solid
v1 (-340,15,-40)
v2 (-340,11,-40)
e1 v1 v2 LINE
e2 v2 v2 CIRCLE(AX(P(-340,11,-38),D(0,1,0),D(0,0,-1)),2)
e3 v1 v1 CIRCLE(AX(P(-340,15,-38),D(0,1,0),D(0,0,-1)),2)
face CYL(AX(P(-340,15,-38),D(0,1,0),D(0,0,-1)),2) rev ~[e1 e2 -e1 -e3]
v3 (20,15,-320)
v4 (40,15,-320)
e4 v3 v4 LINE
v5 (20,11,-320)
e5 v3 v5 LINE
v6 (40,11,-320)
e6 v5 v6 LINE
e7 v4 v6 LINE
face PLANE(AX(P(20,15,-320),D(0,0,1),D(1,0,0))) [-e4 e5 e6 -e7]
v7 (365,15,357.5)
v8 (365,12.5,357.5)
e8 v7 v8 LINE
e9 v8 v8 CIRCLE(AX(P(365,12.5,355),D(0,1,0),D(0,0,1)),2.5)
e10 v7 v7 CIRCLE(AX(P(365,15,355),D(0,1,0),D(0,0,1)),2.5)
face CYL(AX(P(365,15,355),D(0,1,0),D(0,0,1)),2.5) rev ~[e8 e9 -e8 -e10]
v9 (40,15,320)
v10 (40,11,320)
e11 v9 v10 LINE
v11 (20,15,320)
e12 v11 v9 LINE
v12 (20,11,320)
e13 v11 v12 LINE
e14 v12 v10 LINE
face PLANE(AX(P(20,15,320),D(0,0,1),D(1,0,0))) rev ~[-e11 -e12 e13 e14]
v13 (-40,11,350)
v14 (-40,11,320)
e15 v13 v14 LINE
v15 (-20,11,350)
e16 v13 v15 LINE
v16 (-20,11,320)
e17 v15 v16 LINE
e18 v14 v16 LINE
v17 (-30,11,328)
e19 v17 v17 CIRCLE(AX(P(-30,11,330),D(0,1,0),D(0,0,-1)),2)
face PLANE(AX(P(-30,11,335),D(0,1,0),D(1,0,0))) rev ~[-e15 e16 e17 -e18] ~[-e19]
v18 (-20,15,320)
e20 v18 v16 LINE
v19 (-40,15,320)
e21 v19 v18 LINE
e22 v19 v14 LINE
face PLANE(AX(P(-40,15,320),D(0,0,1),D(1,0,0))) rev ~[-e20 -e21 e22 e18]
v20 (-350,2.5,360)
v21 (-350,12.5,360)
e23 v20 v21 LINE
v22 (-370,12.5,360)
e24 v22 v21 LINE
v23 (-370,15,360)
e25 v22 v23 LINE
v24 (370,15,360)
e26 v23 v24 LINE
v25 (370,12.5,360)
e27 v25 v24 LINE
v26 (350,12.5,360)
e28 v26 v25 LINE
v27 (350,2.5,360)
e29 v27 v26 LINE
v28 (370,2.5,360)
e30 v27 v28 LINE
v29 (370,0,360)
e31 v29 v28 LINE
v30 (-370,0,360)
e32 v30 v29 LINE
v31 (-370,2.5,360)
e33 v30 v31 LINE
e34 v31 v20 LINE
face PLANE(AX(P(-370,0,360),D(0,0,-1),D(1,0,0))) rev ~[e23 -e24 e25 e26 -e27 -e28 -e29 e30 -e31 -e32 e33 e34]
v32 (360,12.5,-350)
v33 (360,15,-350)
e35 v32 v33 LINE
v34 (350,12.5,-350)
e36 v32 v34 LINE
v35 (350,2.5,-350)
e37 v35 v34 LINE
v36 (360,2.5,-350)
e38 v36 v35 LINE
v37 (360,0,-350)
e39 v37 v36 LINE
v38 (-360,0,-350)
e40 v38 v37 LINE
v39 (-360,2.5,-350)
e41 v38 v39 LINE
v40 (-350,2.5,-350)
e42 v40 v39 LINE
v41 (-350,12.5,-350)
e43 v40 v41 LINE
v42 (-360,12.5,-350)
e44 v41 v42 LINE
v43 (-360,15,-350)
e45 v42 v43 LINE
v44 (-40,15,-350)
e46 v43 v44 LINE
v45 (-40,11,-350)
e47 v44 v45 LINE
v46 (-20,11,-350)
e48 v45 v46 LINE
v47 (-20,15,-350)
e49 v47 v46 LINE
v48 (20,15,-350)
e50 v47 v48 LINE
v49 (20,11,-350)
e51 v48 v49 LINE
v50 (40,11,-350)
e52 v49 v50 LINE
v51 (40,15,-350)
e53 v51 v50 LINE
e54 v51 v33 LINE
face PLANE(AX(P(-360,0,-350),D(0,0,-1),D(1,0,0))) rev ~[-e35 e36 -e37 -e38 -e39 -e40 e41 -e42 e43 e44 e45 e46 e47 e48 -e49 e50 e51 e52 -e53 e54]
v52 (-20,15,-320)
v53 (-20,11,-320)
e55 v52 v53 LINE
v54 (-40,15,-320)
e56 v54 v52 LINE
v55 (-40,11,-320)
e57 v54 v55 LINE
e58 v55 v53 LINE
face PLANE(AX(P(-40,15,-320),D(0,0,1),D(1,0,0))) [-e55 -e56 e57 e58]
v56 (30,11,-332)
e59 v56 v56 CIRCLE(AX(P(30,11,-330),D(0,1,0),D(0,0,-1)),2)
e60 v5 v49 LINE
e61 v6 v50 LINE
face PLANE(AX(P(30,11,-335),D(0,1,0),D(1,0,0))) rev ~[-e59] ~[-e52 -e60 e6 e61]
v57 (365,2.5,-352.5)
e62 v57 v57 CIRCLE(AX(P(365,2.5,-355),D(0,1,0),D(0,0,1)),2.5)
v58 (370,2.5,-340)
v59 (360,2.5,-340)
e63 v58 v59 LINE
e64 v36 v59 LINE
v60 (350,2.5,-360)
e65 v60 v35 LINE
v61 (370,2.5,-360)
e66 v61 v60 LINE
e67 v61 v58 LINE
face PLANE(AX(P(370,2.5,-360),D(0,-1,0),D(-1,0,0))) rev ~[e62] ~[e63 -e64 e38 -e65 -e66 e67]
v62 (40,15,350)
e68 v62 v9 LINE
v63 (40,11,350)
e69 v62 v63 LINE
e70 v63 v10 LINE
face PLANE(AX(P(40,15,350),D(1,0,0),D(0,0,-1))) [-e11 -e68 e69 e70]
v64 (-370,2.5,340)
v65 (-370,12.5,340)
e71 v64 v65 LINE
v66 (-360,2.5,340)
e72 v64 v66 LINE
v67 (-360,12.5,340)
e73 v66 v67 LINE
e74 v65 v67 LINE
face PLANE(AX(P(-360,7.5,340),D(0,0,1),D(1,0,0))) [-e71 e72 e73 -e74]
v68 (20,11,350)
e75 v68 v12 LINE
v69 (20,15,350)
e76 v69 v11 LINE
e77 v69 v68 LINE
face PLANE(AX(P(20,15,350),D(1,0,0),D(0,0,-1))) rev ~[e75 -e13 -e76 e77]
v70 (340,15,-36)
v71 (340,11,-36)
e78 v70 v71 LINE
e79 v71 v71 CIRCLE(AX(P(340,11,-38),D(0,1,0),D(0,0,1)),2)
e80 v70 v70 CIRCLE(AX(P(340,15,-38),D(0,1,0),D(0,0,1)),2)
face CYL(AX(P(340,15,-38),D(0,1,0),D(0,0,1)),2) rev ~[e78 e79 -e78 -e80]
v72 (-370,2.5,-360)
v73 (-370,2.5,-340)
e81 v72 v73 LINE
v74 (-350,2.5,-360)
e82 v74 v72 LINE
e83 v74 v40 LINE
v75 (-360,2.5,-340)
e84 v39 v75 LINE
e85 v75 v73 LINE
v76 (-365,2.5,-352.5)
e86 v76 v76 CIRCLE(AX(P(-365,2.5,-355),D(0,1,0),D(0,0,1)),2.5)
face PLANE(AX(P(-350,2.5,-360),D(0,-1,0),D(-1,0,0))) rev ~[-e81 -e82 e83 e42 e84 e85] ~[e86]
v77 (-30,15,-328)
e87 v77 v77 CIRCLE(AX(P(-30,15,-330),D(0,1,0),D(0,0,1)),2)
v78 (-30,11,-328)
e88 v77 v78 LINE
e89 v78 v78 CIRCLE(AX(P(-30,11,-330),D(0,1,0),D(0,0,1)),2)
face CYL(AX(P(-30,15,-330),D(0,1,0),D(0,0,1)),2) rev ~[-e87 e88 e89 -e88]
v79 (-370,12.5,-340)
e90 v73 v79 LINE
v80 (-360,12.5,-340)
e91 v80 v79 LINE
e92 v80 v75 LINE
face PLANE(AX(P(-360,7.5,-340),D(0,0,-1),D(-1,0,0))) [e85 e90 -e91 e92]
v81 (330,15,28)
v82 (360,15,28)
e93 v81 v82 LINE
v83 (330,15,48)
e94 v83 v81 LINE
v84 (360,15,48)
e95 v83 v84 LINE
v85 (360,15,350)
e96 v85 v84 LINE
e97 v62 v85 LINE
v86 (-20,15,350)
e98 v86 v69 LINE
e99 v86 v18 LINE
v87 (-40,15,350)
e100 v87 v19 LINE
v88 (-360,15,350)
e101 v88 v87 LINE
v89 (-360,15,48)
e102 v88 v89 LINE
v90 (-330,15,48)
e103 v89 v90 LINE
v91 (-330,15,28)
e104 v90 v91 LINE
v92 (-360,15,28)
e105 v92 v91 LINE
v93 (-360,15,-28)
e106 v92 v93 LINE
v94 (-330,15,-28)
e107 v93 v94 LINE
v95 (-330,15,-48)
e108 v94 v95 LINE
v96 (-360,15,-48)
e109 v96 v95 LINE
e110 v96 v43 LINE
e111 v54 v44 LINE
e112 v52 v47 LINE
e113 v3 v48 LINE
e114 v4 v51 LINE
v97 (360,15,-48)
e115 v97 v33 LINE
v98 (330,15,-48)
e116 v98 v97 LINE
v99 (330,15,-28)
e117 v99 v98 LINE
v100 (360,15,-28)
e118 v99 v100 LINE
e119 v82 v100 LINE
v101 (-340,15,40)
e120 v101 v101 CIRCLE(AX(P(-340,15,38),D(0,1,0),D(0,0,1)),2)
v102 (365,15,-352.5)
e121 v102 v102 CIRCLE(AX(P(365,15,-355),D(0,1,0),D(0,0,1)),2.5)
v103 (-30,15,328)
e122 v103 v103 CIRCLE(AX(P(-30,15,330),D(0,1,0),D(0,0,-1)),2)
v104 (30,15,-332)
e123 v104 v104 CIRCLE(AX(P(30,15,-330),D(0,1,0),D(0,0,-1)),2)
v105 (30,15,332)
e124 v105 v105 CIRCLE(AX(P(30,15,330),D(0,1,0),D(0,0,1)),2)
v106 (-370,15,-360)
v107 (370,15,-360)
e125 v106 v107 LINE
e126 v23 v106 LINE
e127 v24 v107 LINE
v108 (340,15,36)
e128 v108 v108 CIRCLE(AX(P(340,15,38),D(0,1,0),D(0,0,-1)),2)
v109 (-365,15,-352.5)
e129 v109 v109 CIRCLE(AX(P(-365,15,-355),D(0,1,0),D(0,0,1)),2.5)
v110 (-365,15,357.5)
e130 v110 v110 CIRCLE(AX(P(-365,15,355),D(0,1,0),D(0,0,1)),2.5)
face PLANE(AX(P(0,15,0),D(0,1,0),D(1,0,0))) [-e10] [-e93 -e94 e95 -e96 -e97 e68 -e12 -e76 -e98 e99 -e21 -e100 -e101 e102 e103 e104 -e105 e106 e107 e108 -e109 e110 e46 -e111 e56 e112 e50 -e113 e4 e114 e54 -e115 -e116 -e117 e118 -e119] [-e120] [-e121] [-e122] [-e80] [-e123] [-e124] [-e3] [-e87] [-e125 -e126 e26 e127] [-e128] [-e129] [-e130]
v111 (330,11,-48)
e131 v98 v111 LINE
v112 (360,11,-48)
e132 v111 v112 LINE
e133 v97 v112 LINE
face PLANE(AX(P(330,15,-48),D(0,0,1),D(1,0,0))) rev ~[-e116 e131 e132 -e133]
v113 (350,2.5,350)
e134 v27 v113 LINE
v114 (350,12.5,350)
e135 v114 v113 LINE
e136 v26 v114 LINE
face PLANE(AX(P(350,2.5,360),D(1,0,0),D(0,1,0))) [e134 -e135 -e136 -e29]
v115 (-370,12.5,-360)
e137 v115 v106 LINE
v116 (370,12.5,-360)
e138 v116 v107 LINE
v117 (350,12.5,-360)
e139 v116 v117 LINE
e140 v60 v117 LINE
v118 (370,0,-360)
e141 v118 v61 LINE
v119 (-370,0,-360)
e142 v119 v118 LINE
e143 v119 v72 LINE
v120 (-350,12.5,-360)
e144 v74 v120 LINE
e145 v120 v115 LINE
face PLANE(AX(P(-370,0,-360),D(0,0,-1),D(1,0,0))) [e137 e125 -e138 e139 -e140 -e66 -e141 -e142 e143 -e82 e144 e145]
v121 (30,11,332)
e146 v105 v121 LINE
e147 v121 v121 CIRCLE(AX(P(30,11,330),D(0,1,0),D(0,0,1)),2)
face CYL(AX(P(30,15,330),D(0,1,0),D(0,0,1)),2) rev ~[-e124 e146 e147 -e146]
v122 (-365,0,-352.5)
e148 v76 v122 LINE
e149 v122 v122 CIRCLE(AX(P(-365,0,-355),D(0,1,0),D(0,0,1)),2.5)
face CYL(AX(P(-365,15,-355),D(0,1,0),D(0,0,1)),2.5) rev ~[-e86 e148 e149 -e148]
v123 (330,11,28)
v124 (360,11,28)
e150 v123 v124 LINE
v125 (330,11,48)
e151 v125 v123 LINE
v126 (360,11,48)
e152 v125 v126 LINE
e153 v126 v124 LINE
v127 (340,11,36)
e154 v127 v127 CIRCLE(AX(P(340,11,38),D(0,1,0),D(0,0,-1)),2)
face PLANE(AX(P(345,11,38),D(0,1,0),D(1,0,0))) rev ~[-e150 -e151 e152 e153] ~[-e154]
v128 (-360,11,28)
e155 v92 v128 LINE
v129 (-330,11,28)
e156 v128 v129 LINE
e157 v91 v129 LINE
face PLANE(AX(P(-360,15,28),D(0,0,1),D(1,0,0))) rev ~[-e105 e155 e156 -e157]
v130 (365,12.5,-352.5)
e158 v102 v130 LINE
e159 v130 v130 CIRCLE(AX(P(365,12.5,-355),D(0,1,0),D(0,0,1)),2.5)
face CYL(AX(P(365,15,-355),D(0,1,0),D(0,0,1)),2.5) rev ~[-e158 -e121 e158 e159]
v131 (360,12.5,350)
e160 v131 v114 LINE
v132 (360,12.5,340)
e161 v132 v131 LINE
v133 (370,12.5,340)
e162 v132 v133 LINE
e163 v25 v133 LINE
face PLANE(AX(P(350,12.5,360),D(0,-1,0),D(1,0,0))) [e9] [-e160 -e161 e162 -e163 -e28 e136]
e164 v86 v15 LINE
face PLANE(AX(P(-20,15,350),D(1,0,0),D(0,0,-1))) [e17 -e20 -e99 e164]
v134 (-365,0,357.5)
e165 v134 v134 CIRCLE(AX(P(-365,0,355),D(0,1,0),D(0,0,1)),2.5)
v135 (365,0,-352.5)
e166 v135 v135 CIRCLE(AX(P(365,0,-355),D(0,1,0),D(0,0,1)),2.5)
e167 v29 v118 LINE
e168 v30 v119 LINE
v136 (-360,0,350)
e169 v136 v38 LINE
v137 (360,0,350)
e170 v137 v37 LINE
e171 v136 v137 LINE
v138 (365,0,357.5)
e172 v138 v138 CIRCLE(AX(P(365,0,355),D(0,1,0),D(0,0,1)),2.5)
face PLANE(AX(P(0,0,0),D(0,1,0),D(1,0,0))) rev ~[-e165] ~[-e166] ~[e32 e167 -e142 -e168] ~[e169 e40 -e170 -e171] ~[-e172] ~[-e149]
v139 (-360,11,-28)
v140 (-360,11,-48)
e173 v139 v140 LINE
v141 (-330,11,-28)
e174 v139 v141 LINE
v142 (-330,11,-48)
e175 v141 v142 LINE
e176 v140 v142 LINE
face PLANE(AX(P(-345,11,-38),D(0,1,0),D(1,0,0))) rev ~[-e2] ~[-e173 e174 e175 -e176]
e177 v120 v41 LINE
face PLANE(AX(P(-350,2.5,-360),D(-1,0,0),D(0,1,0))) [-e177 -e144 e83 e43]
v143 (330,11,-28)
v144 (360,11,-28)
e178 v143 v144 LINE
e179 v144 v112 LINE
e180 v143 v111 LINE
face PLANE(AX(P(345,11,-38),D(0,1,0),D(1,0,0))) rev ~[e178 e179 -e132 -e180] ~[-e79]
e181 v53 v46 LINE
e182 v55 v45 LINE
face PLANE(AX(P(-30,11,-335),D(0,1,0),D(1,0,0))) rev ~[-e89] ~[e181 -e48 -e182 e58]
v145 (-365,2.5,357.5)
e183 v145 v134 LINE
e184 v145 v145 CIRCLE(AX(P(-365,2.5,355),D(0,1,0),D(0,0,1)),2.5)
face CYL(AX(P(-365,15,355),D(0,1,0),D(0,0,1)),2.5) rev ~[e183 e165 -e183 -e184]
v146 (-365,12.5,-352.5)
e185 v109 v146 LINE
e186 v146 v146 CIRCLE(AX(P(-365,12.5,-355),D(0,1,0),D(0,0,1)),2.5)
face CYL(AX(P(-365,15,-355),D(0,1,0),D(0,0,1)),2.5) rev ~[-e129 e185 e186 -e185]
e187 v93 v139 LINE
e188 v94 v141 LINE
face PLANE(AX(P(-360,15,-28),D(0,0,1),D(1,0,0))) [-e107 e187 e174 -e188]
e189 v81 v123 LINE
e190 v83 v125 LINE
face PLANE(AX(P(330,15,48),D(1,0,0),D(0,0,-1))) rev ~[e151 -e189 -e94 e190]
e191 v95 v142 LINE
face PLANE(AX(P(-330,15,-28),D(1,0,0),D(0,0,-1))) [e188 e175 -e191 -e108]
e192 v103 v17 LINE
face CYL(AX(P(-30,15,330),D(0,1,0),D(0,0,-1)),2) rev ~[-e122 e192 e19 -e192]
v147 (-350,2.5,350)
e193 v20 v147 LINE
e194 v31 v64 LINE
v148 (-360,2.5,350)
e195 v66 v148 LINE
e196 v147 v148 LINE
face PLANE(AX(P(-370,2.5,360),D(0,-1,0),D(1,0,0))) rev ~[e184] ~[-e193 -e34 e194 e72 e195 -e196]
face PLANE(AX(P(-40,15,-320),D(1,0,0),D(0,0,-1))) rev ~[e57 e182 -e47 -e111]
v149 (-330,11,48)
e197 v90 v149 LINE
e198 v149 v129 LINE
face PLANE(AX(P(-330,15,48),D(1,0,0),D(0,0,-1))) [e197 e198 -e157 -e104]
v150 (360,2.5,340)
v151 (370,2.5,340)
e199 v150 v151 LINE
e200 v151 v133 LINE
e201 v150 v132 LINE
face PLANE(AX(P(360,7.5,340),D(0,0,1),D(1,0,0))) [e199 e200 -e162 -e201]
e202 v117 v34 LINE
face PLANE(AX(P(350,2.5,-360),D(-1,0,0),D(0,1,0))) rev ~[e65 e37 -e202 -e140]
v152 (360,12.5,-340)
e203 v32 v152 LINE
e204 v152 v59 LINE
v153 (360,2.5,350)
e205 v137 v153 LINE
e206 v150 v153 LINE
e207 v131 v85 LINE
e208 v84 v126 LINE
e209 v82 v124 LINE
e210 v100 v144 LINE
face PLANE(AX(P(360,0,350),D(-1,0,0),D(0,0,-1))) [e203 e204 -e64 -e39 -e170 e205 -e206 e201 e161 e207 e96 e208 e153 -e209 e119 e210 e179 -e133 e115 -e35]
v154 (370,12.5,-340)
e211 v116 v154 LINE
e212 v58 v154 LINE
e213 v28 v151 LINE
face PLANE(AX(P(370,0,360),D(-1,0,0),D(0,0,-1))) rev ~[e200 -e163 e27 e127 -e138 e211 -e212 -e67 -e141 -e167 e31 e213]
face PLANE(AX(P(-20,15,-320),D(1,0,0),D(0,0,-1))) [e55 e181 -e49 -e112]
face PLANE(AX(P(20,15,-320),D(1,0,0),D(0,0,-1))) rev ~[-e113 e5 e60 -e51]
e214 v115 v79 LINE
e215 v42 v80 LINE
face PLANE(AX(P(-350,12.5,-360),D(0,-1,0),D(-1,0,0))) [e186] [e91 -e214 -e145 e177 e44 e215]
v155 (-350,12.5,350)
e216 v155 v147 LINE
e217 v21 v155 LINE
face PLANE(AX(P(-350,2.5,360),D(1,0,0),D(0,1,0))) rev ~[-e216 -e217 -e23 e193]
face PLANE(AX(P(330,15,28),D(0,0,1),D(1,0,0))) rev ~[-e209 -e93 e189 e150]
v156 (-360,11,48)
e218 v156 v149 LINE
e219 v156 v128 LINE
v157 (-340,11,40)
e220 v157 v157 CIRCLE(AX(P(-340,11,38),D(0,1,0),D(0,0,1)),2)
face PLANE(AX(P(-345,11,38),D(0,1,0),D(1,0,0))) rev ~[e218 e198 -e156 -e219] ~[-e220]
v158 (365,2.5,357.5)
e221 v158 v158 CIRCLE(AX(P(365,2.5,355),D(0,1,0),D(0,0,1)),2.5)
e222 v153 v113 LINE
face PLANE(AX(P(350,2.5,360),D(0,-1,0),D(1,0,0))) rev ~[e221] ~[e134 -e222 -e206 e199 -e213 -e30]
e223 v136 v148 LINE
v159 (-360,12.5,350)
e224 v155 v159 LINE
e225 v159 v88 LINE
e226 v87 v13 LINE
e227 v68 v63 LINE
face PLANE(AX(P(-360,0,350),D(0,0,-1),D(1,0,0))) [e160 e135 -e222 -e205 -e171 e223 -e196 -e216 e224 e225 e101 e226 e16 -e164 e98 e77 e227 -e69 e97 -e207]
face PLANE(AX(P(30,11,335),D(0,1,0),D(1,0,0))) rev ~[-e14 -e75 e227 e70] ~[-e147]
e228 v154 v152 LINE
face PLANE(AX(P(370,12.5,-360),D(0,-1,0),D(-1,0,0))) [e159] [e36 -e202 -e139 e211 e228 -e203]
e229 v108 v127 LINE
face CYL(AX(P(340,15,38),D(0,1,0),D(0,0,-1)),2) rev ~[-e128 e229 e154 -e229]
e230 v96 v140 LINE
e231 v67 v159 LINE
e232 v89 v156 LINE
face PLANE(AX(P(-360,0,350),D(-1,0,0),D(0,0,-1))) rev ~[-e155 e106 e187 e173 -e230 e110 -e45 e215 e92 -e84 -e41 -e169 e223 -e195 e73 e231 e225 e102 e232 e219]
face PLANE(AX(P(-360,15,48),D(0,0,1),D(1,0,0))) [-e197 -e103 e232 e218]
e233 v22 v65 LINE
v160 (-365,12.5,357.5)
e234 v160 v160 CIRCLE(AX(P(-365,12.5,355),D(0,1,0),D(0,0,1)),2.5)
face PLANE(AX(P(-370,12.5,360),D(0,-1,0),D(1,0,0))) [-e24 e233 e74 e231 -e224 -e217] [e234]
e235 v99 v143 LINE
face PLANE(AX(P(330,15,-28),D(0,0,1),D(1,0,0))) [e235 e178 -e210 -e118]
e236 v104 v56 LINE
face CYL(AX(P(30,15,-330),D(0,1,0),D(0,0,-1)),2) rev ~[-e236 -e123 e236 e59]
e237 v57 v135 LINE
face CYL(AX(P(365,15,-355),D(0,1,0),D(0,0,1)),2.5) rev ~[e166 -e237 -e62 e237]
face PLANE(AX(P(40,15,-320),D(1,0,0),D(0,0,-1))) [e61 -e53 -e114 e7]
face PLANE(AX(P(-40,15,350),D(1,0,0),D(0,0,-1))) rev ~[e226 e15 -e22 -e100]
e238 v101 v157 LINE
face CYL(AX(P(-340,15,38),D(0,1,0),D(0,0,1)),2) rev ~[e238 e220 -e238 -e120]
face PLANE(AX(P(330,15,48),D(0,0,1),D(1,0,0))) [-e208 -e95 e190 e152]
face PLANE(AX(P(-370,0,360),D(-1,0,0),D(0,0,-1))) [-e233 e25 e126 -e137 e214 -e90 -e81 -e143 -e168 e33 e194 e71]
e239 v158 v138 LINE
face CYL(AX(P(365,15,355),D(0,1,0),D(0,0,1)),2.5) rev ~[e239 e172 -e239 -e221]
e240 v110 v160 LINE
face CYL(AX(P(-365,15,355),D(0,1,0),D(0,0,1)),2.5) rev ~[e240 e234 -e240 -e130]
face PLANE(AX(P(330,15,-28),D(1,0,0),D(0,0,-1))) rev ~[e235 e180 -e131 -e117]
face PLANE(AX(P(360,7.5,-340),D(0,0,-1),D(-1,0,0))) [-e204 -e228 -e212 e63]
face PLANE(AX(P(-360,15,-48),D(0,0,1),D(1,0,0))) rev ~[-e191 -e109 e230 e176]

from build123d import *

# Parameters (mm, degrees)
SKETCH1_W           = 740
SKETCH1_H           = 720
SKETCH1_W_2         = 720
SKETCH1_H_2         = 700
BOSS_EXTRUDE1_DEPTH = 15
SKETCH2_R           = 2.5
CUT_EXTRUDE1_DEPTH  = 517.454257413
SKETCH3_W           = 20
SKETCH3_H           = 10
CUT_EXTRUDE2_DEPTH  = 20
SKETCH5_W           = 20
SKETCH5_H           = 10
CUT_EXTRUDE3_DEPTH  = 20
SKETCH6_W           = 20
SKETCH6_H           = 30
SKETCH6_W_2         = 30
SKETCH6_H_2         = 20
BOSS_EXTRUDE2_DEPTH = 4
SKETCH7_R           = 2
CUT_EXTRUDE4_DEPTH  = 4


with BuildPart() as part:
    # Sketch1 → Boss-Extrude1 (new body)
    with BuildSketch(Plane(origin=(0, 0, 0), x_dir=(1, 0, 0), z_dir=(0, 1, 0))):
        Rectangle(SKETCH1_W, SKETCH1_H)
        Rectangle(SKETCH1_W_2, SKETCH1_H_2, mode=Mode.SUBTRACT)
    extrude(amount=BOSS_EXTRUDE1_DEPTH)

    # Sketch2 → Cut-Extrude1 (cut, through all)
    with BuildSketch(Plane(origin=(0, 15, 0), x_dir=(1, 0, 0), z_dir=(0, 1, 0))):
        with Locations(Location((-365, 355, 0), (0, 0, 270))):
            Circle(SKETCH2_R)
        with Locations(Location((365, 355, 0), (0, 0, 270))):
            Circle(SKETCH2_R)
        with Locations(Location((365, -355, 0), (0, 0, 270))):
            Circle(SKETCH2_R)
        with Locations(Location((-365, -355, 0), (0, 0, 270))):
            Circle(SKETCH2_R)
    extrude(amount=-CUT_EXTRUDE1_DEPTH, mode=Mode.SUBTRACT)

    # Sketch3 → Cut-Extrude2 (cut)
    with BuildSketch(Plane.XY.offset(360)):
        with Locations((-360, 7.5)):
            Rectangle(SKETCH3_W, SKETCH3_H)
        with Locations((360, 7.5)):
            Rectangle(SKETCH3_W, SKETCH3_H)
    extrude(amount=-CUT_EXTRUDE2_DEPTH, mode=Mode.SUBTRACT)

    # Sketch5 → Cut-Extrude3 (cut)
    with BuildSketch(Plane(origin=(0, 0, -360), x_dir=(-1, 0, 0), z_dir=(0, 0, -1))):
        with Locations((-360, 7.5)):
            Rectangle(SKETCH5_W, SKETCH5_H)
        with Locations((360, 7.5)):
            Rectangle(SKETCH5_W, SKETCH5_H)
    extrude(amount=-CUT_EXTRUDE3_DEPTH, mode=Mode.SUBTRACT)

    # Sketch6 → Boss-Extrude2 (add)
    with BuildSketch(Plane(origin=(0, 15, 0), x_dir=(1, 0, 0), z_dir=(0, 1, 0))):
        with Locations((-30, 335)):
            Rectangle(SKETCH6_W, SKETCH6_H)
        with Locations((30, 335)):
            Rectangle(SKETCH6_W, SKETCH6_H)
        with Locations((30, -335)):
            Rectangle(SKETCH6_W, SKETCH6_H)
        with Locations((-30, -335)):
            Rectangle(SKETCH6_W, SKETCH6_H)
        with Locations((-345, -38)):
            Rectangle(SKETCH6_W_2, SKETCH6_H_2)
        with Locations((-345, 38)):
            Rectangle(SKETCH6_W_2, SKETCH6_H_2)
        with Locations((345, -38)):
            Rectangle(SKETCH6_W_2, SKETCH6_H_2)
        with Locations((345, 38)):
            Rectangle(SKETCH6_W_2, SKETCH6_H_2)
    extrude(amount=-BOSS_EXTRUDE2_DEPTH)

    # Sketch7 → Cut-Extrude4 (cut)
    with BuildSketch(Plane(origin=(0, 15, 0), x_dir=(1, 0, 0), z_dir=(0, 1, 0))):
        with Locations(Location((-30, 330, 0), (0, 0, 270))):
            Circle(SKETCH7_R)
        with Locations(Location((30, 330, 0), (0, 0, 90))):
            Circle(SKETCH7_R)
        with Locations(Location((30, -330, 0), (0, 0, 270))):
            Circle(SKETCH7_R)
        with Locations(Location((-30, -330, 0), (0, 0, 90))):
            Circle(SKETCH7_R)
        with Locations(Location((340, 38, 0), (0, 0, 270))):
            Circle(SKETCH7_R)
        with Locations(Location((340, -38, 0), (0, 0, 90))):
            Circle(SKETCH7_R)
        with Locations(Location((-340, -38, 0), (0, 0, 270))):
            Circle(SKETCH7_R)
        with Locations(Location((-340, 38, 0), (0, 0, 90))):
            Circle(SKETCH7_R)
    extrude(amount=-CUT_EXTRUDE4_DEPTH, mode=Mode.SUBTRACT)


solid = part.part
